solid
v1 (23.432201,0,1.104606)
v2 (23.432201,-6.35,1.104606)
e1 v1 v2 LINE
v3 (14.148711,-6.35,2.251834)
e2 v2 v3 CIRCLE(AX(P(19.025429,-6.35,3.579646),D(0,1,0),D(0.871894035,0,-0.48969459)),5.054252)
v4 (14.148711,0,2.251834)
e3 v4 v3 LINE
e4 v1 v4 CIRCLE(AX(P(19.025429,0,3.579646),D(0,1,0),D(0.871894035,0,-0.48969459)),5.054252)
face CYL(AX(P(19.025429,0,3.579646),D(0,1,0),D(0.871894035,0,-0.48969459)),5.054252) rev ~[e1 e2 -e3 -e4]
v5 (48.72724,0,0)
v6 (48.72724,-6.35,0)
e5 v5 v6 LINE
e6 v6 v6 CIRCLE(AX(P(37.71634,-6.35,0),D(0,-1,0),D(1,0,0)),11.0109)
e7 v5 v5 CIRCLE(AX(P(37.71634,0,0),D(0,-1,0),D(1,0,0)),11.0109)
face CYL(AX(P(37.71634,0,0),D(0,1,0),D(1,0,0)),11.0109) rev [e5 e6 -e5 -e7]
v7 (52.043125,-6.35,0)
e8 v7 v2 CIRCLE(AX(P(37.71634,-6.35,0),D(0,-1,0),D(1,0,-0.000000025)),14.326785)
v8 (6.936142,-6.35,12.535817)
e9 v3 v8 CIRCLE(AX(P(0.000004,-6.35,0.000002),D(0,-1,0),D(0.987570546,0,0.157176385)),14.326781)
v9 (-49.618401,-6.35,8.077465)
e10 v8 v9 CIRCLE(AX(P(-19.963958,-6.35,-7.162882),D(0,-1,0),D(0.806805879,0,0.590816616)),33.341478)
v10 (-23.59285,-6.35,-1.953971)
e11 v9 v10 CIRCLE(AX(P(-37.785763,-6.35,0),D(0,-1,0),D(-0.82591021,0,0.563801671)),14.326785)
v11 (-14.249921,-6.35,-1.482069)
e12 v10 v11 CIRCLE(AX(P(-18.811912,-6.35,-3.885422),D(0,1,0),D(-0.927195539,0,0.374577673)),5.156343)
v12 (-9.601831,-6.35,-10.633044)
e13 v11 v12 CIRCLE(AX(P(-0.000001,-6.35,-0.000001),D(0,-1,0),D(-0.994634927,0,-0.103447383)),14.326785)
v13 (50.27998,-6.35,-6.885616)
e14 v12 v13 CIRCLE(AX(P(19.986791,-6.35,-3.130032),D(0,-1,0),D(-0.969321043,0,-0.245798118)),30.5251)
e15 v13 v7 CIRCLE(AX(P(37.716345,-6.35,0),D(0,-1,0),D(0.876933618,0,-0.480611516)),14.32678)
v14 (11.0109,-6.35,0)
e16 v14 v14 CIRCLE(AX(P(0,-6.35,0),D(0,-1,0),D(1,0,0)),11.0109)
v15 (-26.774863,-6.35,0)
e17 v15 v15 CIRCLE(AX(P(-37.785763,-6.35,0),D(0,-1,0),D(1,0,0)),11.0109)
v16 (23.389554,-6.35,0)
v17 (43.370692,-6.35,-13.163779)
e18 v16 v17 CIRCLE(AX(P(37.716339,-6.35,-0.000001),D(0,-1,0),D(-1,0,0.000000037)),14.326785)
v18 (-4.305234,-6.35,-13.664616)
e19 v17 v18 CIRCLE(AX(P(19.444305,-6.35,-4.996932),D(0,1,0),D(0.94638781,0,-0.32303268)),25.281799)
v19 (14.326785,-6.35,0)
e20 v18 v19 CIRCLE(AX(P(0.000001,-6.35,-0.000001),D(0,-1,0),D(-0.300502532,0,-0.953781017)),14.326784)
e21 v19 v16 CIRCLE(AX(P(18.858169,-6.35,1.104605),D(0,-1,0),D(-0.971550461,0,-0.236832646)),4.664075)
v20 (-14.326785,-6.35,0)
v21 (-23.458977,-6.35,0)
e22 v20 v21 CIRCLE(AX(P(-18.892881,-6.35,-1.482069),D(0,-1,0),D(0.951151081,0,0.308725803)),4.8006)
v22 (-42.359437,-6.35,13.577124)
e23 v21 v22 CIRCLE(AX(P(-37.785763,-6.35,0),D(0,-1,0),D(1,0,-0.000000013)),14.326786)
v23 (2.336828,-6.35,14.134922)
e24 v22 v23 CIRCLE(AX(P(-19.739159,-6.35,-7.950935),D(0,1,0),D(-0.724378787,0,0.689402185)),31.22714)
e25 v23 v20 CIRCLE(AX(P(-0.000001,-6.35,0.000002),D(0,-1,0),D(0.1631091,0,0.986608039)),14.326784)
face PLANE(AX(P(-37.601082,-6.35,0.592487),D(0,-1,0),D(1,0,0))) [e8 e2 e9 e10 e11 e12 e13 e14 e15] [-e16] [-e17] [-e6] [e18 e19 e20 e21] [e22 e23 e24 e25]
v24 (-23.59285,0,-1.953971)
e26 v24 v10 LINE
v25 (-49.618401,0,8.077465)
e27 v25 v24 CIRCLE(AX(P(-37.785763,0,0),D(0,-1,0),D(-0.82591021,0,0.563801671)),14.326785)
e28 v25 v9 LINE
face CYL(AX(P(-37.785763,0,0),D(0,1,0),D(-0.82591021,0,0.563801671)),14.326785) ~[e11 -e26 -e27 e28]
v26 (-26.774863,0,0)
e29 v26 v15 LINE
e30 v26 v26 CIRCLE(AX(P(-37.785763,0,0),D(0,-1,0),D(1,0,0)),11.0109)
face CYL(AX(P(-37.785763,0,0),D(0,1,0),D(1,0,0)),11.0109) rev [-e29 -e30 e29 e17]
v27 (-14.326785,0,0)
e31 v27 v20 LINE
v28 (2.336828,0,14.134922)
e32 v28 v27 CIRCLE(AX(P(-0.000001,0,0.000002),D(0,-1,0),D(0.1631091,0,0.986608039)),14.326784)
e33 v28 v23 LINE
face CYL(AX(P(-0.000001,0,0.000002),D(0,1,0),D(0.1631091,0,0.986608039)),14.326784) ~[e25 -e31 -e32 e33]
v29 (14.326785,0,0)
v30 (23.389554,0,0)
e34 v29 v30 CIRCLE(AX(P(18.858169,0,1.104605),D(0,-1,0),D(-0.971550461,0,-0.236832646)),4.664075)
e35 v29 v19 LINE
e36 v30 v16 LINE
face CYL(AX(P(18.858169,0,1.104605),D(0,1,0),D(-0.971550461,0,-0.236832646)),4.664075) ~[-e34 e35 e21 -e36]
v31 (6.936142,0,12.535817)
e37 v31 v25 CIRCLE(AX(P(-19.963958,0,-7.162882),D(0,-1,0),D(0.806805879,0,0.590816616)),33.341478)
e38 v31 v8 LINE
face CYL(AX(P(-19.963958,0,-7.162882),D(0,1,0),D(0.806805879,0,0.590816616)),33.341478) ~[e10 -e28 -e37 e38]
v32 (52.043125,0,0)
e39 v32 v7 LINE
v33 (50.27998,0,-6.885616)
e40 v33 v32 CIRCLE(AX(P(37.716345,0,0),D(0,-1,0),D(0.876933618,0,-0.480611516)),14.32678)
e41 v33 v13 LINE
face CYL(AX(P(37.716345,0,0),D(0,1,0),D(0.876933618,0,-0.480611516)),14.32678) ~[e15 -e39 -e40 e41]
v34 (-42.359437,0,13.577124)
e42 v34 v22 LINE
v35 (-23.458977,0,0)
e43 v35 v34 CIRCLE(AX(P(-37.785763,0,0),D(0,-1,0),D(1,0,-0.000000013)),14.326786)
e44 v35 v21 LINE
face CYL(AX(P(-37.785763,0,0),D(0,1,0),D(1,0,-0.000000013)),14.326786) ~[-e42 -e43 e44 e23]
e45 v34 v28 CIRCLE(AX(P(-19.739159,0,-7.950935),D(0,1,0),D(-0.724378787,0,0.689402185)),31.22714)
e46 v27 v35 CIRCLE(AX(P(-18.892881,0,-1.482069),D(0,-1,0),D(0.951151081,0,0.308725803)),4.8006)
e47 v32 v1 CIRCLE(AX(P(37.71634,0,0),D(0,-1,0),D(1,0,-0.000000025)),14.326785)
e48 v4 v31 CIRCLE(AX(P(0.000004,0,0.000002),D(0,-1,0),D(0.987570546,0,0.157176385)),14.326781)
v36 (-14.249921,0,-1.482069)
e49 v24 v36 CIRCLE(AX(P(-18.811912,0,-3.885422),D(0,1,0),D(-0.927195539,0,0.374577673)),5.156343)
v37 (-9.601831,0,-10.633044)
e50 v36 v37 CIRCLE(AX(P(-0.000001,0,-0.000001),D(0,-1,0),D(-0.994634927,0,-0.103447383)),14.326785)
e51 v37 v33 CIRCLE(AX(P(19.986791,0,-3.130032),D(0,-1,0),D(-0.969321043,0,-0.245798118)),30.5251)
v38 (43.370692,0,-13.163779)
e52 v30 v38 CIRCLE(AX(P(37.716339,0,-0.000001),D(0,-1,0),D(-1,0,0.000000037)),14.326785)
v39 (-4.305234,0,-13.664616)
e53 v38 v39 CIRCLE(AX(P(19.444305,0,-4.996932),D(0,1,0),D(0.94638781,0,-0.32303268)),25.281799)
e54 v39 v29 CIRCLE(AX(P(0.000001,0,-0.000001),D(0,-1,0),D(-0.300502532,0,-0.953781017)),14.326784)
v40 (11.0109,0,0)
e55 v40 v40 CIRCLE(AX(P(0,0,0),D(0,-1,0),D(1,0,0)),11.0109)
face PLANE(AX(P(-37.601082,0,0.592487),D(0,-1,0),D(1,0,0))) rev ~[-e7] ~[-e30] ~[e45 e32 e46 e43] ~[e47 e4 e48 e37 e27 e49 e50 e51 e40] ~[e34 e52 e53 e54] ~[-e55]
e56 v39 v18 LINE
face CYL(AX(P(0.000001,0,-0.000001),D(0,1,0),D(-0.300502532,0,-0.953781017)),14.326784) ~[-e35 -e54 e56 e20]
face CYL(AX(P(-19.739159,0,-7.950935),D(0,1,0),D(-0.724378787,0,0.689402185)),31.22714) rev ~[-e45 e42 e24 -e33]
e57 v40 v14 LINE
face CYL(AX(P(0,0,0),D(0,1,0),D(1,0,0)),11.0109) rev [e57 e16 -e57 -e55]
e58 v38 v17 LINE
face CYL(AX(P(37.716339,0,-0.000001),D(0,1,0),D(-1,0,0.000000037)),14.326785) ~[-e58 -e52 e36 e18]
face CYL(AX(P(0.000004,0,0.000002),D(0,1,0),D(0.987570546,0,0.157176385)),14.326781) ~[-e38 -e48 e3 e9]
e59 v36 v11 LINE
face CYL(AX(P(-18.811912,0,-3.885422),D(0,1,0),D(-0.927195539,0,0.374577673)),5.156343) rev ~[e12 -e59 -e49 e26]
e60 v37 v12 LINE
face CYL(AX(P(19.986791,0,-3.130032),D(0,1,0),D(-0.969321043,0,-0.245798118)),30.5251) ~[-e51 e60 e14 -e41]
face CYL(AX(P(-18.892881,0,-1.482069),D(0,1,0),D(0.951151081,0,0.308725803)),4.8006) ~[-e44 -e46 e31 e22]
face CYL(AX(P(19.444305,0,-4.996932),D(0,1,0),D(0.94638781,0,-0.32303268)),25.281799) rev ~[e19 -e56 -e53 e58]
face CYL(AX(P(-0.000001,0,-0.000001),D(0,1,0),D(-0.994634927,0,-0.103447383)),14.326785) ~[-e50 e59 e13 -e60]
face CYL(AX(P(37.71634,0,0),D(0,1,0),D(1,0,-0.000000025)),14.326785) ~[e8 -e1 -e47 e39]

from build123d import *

# Parameters (mm, degrees)
F0_R     = 11.0109
F1_DEPTH = 6.35


with BuildPart() as f1:
    # F0 (on Front) → F1 (new body)
    with BuildSketch(Plane.XZ):
        with BuildLine():
            ThreePointArc((-23.59285, -1.953971), (-23.492485, -0.979276), (-23.458977, 0))
            ThreePointArc((-23.458977, 0), (-29.427212, 11.635782), (-42.359437, 13.577124))
            ThreePointArc((-42.359437, 13.577124), (-46.437545, 11.419433), (-49.618401, 8.077465))
            ThreePointArc((-49.618401, 8.077465), (-42.938447, -13.36812), (-23.59285, -1.953971))
        make_face()
        with Locations((-37.785763, 0)):
            Circle(F0_R, mode=Mode.SUBTRACT)
        with BuildLine():
            ThreePointArc((-14.326785, 0), (-18.892881, 3.318531), (-23.458977, 0))
            ThreePointArc((-23.458977, 0), (-23.492485, -0.979276), (-23.59285, -1.953971))
            ThreePointArc((-23.59285, -1.953971), (-19.072022, 1.264356), (-14.249921, -1.482069))
            ThreePointArc((-14.249921, -1.482069), (-14.307556, -0.74203), (-14.326785, 0))
        make_face()
        with BuildLine():
            ThreePointArc((-49.618401, 8.077465), (-46.437545, 11.419433), (-42.359437, 13.577124))
            ThreePointArc((-42.359437, 13.577124), (-20.128836, 23.273774), (2.336828, 14.134922))
            ThreePointArc((2.336828, 14.134922), (4.70492, 13.532203), (6.936142, 12.535817))
            ThreePointArc((6.936142, 12.535817), (-22.584231, 26.075474), (-49.618401, 8.077465))
        make_face()
        with BuildLine():
            ThreePointArc((2.336828, 14.134922), (-9.26762, 10.925567), (-14.326785, 0))
            ThreePointArc((-14.326785, 0), (-14.307556, -0.74203), (-14.249921, -1.482069))
            ThreePointArc((-14.249921, -1.482069), (-12.773473, -6.488079), (-9.601831, -10.633044))
            ThreePointArc((-9.601831, -10.633044), (-7.116827, -12.434129), (-4.305234, -13.664616))
            ThreePointArc((-4.305234, -13.664616), (8.472798, -11.552856), (14.326785, 0))
            ThreePointArc((14.326785, 0), (14.282197, 1.129432), (14.148711, 2.251834))
            ThreePointArc((14.148711, 2.251834), (11.729571, 8.226418), (6.936142, 12.535817))
            ThreePointArc((6.936142, 12.535817), (4.70492, 13.532203), (2.336828, 14.134922))
        make_face()
        Circle(F0_R, mode=Mode.SUBTRACT)
        with BuildLine():
            ThreePointArc((-4.305234, -13.664616), (-7.116827, -12.434129), (-9.601831, -10.633044))
            ThreePointArc((-9.601831, -10.633044), (21.893334, -33.595534), (50.27998, -6.885616))
            ThreePointArc((50.27998, -6.885616), (47.35105, -10.60326), (43.370692, -13.163779))
            ThreePointArc((43.370692, -13.163779), (19.709877, -30.277336), (-4.305234, -13.664616))
        make_face()
        with BuildLine():
            ThreePointArc((23.432201, 1.104606), (18.405554, -1.43645), (14.148711, 2.251834))
            ThreePointArc((14.148711, 2.251834), (14.282197, 1.129432), (14.326785, 0))
            ThreePointArc((14.326785, 0), (18.85817, -3.55947), (23.389554, 0))
            ThreePointArc((23.389554, 0), (23.40022, 0.552714), (23.432201, 1.104606))
        make_face()
        with BuildLine():
            ThreePointArc((43.370692, -13.163779), (47.35105, -10.60326), (50.27998, -6.885616))
            ThreePointArc((50.27998, -6.885616), (51.595341, -3.553885), (52.043125, 0))
            ThreePointArc((52.043125, 0), (38.269054, 14.31612), (23.432201, 1.104606))
            ThreePointArc((23.432201, 1.104606), (23.40022, 0.552714), (23.389554, 0))
            ThreePointArc((23.389554, 0), (29.834459, -11.96381), (43.370692, -13.163779))
        make_face()
        with Locations((37.71634, 0)):
            Circle(F0_R, mode=Mode.SUBTRACT)
    extrude(amount=F1_DEPTH)


solid = f1.part
